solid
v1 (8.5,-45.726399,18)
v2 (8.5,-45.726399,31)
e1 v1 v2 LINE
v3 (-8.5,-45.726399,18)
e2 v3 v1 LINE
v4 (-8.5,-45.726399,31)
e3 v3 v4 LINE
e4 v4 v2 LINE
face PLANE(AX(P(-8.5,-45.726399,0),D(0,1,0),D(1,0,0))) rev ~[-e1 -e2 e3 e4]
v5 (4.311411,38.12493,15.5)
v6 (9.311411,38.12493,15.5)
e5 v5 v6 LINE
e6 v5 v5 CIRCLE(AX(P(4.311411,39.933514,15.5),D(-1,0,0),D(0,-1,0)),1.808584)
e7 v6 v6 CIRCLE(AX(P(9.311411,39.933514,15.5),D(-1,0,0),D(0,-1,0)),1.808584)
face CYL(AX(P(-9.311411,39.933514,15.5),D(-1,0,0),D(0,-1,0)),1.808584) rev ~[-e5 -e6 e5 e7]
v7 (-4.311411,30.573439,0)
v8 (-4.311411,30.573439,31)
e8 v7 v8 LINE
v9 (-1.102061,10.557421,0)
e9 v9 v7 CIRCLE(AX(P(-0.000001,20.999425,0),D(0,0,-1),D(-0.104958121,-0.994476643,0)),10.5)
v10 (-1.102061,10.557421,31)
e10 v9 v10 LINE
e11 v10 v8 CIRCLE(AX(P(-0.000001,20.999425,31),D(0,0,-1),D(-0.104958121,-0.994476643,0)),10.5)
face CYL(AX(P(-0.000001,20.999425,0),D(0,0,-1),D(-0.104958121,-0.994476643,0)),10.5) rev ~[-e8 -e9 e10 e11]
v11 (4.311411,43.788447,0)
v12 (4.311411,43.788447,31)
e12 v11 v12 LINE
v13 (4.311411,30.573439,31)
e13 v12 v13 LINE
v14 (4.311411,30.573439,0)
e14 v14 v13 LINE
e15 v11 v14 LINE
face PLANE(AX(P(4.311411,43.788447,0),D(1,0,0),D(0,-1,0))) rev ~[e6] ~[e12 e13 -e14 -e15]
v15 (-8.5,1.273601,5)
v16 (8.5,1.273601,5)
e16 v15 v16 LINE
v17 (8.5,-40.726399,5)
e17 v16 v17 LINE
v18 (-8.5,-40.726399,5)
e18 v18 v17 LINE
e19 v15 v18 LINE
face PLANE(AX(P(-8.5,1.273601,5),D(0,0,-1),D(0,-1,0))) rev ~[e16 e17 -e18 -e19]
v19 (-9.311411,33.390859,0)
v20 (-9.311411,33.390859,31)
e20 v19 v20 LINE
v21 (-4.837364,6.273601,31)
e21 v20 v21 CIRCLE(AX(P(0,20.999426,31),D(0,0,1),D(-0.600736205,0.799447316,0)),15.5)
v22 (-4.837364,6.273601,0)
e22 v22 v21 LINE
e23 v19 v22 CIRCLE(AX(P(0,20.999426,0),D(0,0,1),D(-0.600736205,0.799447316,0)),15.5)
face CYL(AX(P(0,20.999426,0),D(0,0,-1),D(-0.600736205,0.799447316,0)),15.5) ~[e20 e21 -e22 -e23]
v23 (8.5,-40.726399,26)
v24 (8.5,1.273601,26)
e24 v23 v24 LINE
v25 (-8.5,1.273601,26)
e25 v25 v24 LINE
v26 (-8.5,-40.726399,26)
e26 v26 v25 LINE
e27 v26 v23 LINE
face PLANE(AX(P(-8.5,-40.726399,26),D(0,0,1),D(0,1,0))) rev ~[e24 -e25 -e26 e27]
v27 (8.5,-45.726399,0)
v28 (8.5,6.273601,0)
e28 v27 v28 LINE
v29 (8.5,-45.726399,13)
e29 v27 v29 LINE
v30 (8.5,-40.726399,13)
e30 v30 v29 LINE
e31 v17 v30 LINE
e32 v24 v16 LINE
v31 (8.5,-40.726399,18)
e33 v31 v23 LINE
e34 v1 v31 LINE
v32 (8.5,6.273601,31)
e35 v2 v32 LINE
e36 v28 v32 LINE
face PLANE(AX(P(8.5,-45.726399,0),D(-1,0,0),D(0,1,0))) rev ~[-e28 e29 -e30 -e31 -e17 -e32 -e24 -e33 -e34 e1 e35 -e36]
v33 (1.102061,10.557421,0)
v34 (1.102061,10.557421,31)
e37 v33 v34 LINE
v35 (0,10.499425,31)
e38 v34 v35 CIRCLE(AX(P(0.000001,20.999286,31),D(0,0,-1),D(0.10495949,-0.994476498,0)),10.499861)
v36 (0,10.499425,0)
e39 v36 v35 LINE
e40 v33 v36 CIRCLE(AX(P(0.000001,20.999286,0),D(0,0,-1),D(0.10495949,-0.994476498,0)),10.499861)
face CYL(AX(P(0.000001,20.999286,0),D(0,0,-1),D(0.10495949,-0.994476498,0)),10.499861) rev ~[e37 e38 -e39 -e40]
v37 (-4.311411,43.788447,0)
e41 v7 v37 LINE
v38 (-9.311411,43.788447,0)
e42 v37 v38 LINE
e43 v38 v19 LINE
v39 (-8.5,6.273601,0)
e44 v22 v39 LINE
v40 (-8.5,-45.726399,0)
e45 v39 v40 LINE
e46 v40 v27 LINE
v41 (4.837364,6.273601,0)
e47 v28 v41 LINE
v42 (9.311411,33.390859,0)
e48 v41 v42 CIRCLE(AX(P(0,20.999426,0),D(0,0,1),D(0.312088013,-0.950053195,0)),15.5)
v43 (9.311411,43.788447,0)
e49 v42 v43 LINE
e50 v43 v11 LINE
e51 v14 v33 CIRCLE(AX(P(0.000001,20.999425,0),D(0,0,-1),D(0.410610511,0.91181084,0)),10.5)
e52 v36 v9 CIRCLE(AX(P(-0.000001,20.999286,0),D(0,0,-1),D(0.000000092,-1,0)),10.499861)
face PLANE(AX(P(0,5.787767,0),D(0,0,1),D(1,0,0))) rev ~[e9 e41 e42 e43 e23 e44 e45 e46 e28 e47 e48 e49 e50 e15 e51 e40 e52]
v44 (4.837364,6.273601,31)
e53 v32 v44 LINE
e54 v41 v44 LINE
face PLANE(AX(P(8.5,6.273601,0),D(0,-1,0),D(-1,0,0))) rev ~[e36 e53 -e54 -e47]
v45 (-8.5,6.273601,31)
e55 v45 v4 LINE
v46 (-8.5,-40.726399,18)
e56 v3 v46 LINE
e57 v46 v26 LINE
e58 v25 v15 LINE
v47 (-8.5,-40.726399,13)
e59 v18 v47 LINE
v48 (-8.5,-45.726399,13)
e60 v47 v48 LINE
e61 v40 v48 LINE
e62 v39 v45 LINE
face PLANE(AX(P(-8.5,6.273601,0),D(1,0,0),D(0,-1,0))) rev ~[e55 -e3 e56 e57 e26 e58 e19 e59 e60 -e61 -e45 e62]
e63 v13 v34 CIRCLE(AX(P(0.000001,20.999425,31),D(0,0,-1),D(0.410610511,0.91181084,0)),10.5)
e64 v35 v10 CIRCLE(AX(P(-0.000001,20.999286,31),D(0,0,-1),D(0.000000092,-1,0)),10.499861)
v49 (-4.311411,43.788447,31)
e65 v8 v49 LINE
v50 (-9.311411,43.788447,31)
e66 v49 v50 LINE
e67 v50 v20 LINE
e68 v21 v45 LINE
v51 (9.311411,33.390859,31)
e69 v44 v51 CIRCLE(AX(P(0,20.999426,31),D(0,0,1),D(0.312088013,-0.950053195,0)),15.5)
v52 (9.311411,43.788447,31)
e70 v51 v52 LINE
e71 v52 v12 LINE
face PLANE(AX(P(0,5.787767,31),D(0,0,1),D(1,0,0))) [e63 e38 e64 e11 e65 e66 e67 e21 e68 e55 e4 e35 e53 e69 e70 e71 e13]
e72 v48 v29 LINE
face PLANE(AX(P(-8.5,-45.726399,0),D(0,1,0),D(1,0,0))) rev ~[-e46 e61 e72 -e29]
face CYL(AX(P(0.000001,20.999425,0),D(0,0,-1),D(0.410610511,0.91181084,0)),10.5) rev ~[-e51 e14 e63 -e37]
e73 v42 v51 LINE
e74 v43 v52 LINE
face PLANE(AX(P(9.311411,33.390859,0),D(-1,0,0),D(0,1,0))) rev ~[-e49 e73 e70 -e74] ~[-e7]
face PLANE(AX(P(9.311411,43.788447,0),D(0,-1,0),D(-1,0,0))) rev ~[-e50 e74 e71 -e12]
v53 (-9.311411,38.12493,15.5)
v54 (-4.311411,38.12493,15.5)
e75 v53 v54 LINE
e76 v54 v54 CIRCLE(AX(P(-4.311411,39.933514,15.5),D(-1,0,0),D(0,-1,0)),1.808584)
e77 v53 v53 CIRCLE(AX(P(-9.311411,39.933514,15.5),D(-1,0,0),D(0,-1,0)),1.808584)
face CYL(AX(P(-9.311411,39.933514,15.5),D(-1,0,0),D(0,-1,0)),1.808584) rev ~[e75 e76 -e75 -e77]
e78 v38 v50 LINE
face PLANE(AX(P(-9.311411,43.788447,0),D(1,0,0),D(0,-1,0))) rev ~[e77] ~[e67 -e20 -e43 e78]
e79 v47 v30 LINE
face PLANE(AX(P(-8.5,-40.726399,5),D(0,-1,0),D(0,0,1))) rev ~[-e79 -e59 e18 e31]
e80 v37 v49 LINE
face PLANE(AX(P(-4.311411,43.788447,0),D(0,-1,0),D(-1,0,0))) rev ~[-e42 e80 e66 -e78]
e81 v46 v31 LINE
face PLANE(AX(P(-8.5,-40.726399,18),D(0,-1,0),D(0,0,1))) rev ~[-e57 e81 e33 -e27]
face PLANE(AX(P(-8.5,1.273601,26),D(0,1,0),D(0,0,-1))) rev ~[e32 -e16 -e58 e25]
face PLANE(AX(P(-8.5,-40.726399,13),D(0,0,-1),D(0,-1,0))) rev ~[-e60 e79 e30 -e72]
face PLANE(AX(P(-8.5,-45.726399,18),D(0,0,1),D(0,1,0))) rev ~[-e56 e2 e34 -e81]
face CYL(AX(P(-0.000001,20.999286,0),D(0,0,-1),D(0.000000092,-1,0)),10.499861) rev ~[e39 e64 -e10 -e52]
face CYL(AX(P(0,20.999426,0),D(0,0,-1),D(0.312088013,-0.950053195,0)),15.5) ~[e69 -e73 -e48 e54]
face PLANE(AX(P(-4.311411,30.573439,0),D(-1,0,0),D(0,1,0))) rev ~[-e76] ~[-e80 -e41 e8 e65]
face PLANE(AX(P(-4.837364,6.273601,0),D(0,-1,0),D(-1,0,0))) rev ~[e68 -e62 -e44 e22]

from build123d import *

# Parameters (mm, degrees)
F1_DEPTH = 31
F2_R     = 1.808584
F3_DEPTH = 25
F5_DEPTH = 25


with BuildPart() as f1:
    # F0 (on Top) → F1 (new body)
    with BuildSketch(Plane.XY):
        with BuildLine():
            Line((-4.311411, 30.573439), (-4.311411, 43.788447))
            Line((-4.311411, 43.788447), (-9.311411, 43.788447))
            Line((-9.311411, 43.788447), (-9.311411, 33.390859))
            ThreePointArc((-9.311411, 33.390859), (-15.293246, 18.476209), (-4.837364, 6.273601))
            Line((-4.837364, 6.273601), (-8.5, 6.273601))
            Line((-8.5, 6.273601), (-8.5, -45.726399))
            Line((-8.5, -45.726399), (-7, -45.726399))
            Line((-7, -45.726399), (7, -45.726399))
            Line((7, -45.726399), (8.5, -45.726399))
            Line((8.5, -45.726399), (8.5, 6.273601))
            Line((8.5, 6.273601), (4.837364, 6.273601))
            ThreePointArc((4.837364, 6.273601), (15.293246, 18.476209), (9.311411, 33.390859))
            Line((9.311411, 33.390859), (9.311411, 43.788447))
            Line((9.311411, 43.788447), (4.311411, 43.788447))
            Line((4.311411, 43.788447), (4.311411, 30.573439))
            ThreePointArc((4.311411, 30.573439), (10.367578, 19.337097), (1.102061, 10.557421))
            ThreePointArc((1.102061, 10.557421), (0.551793, 10.513934), (0, 10.499425))
            ThreePointArc((0, 10.499425), (-0.551793, 10.513934), (-1.102061, 10.557421))
            ThreePointArc((-1.102061, 10.557421), (-10.367578, 19.337097), (-4.311411, 30.573439))
        make_face()
    extrude(amount=F1_DEPTH)

    # F2 (on face) → F3 (cut)
    with BuildSketch(Plane(origin=(-9.311411, 0, 0), x_dir=(0, -1, 0), z_dir=(-1, 0, 0))):
        with Locations((-39.933514, 15.5)):
            Circle(F2_R)
    extrude(amount=-F3_DEPTH, mode=Mode.SUBTRACT)

    # F4 (on face) → F5 (cut)
    with BuildSketch(Plane(origin=(-8.5, 0, 0), x_dir=(0, -1, 0), z_dir=(-1, 0, 0))):
        Polygon((40.726399, 5), (40.726399, 13), (45.726399, 13), (45.726399, 18), (40.726399, 18), (40.726399, 26), (-1.273601, 26), (-1.273601, 5), align=None)
    extrude(amount=-F5_DEPTH, mode=Mode.SUBTRACT)


solid = f1.part
